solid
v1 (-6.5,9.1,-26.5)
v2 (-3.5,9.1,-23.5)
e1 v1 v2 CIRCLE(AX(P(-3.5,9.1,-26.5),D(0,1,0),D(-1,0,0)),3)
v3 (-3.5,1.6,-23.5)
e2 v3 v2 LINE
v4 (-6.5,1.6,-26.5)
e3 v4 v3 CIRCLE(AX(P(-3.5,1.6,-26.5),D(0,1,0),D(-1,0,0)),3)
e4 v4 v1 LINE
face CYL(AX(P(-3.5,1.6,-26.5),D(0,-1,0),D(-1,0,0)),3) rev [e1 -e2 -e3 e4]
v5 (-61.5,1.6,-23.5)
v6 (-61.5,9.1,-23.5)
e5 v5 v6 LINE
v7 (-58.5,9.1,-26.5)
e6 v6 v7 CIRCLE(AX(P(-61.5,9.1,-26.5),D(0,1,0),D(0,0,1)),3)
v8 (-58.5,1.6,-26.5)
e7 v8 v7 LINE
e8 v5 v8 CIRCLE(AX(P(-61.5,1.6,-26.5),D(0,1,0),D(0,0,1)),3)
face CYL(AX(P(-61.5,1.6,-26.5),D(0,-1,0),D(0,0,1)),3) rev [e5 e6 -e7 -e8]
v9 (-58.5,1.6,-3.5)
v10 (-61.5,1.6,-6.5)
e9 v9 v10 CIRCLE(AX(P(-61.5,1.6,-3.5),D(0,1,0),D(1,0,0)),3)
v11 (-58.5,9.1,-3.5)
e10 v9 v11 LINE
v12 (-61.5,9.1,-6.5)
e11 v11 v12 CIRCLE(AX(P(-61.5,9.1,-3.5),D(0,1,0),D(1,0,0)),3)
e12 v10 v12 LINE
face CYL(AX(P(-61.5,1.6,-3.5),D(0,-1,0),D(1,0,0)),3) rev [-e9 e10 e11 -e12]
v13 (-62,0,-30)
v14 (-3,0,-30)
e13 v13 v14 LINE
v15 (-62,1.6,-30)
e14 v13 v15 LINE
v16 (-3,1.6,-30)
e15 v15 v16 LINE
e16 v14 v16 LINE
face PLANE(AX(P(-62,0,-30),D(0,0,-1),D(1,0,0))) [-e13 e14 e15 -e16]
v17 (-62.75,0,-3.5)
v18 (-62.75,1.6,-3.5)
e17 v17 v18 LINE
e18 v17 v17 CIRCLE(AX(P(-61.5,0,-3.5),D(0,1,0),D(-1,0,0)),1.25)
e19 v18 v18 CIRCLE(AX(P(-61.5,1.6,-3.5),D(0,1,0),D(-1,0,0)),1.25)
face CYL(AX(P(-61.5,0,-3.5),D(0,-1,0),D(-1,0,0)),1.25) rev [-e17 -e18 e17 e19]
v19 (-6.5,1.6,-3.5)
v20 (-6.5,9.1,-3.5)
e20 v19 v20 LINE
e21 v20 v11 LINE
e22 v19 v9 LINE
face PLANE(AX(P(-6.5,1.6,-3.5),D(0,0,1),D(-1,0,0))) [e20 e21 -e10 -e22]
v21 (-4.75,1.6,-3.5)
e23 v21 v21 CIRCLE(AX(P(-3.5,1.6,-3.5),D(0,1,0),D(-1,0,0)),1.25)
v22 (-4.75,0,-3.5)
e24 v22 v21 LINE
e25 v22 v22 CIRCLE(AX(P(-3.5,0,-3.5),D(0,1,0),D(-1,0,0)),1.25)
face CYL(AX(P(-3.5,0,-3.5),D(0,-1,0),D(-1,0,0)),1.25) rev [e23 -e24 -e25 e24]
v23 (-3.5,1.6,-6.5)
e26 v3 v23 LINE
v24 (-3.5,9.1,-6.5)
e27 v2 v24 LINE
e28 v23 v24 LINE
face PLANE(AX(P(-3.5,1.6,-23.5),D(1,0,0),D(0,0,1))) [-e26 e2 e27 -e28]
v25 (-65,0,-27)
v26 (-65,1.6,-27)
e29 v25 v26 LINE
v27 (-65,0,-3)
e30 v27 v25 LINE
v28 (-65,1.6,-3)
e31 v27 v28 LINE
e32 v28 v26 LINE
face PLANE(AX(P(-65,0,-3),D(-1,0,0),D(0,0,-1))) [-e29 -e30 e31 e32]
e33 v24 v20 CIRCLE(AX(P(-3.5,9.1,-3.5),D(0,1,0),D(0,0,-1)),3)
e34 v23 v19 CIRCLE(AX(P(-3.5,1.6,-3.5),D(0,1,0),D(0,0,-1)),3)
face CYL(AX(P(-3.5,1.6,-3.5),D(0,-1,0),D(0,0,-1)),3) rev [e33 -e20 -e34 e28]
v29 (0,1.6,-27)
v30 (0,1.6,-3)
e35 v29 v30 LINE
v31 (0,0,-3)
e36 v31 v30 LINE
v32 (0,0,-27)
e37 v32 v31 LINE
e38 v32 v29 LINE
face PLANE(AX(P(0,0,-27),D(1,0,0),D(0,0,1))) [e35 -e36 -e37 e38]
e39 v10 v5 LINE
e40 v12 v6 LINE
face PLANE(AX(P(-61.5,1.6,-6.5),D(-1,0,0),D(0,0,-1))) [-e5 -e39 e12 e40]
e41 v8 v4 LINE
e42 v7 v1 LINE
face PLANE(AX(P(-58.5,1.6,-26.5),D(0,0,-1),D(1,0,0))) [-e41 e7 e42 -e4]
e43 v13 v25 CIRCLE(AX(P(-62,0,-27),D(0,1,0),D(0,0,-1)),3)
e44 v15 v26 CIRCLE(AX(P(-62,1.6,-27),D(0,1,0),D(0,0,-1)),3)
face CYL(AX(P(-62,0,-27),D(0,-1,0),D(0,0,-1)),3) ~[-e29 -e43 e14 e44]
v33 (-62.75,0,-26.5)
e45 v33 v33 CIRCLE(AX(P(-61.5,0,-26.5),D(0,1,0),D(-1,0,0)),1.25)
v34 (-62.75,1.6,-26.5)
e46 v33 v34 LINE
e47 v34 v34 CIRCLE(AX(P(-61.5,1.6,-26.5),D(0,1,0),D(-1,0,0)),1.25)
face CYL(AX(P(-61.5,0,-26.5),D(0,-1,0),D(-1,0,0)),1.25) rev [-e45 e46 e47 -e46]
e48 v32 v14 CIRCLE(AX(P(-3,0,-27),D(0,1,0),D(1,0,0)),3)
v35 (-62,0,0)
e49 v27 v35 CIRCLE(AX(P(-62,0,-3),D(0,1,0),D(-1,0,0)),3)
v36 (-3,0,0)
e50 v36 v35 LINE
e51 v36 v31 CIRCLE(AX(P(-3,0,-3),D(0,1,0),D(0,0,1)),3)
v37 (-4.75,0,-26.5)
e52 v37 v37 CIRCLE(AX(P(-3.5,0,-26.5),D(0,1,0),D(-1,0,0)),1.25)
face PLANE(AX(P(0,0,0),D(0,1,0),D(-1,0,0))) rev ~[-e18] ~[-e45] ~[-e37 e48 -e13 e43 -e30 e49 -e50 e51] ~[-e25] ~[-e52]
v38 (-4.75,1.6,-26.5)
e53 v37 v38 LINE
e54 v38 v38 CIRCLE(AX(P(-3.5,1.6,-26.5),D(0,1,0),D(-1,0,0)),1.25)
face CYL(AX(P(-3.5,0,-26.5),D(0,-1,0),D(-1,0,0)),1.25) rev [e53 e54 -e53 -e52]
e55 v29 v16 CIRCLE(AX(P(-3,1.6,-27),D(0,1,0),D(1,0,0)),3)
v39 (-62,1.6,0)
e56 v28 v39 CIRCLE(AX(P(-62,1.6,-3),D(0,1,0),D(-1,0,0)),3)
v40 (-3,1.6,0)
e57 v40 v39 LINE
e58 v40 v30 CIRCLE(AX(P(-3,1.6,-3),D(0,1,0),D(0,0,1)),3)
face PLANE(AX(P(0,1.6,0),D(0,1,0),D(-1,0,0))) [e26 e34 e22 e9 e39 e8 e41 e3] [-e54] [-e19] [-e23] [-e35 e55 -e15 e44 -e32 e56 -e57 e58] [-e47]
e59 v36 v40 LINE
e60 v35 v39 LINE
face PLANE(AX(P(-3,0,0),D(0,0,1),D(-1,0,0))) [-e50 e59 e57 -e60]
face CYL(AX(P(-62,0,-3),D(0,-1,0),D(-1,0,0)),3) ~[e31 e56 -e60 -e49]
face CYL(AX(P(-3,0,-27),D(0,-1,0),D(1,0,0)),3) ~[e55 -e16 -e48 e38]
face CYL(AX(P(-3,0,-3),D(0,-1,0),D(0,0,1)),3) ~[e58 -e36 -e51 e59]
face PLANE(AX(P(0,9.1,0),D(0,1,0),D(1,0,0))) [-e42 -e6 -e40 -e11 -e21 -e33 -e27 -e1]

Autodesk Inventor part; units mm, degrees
ref_plane "YZ Plane" through (0, 0, 0) normal (1, 0, 0) x (0, 1, 0)
ref_plane "XZ Plane" through (0, 0, 0) normal (0, 1, 0) x (-1, 0, 0)
ref_plane "XY Plane" through (0, 0, 0) normal (0, 0, 1) x (1, 0, 0)
sketch "Sketch1" plane through (0, 0, 0) normal (0, 1, 0) x (-1, 0, 0)
  line L0 (3, 0) -> (62, 0)
  line L1 (65, -3) -> (65, -27)
  line L2 (62, -30) -> (3, -30)
  line L3 (0, -27) -> (0, -3)
  arc A0 (65, -3) -> (62, 0) centre (62, -3) ccw
  arc A1 (62, -30) -> (65, -27) centre (62, -27) ccw
  arc A2 (0, -27) -> (3, -30) centre (3, -27) ccw
  arc A3 (3, 0) -> (0, -3) centre (3, -3) ccw
  circle A4 centre (61.5, -26.5) radius 1.25
  circle A5 centre (61.5, -3.5) radius 1.25
  circle A6 centre (3.5, -26.5) radius 1.25
  circle A7 centre (3.5, -3.5) radius 1.25
  point P0 (0, 0)
  point P1 (65, -30)
  point P2 (65, 0)
  point P3 (0, -30)
  dimension "d0" = 65
  dimension "d1" = 30
  dimension "d2" = 3
  dimension "d3" = 2.5
  dimension "d4" = 3.5
  dimension "d5" = 3.5
  dimension "d8" = 23
  dimension "d11" = 58
extrude "Extrusion1" add sketch "Sketch1" along normal blind 1.6
sketch "Sketch2" plane through (0, 1.6, 0) normal (0, 1, 0) x (1, 0, 0)
  circle A0 centre (-61.5, 26.5) radius 1.25 projected
  line L0 (-65, 27) -> (-65, 3) construction
  line L1 (-65, 3) -> (-65, 27) construction
  line L2 (-3, 30) -> (-62, 30) construction
  line L3 (-62, 30) -> (-3, 30) construction
  circle A1 centre (-61.5, 26.5) radius 3 construction
  circle A2 centre (-61.5, 3.5) radius 3 construction
  circle A3 centre (-3.5, 26.5) radius 3 construction
  circle A4 centre (-3.5, 3.5) radius 3 construction
  circle A5 centre (-61.5, 3.5) radius 1.25 construction
  line L4 (-3.5, 3.5) -> (-61.5, 3.5) construction
  line L5 (-61.5, 3.5) -> (-61.5, 26.5) construction
  circle A6 centre (-3.5, 26.5) radius 1.25 construction
  line L6 (-61.5, 26.5) -> (-60.25, 26.5) construction
  circle A7 centre (-3.5, 3.5) radius 1.25 construction
  line L7 (-3.5, 26.5) -> (-3.5, 3.5) construction
  line L8 (-61.5, 3.5) -> (-61.5, 26.5) construction
  line L9 (-3.5, 26.5) -> (-61.5, 26.5) construction
  line L10 (-62, 0) -> (-3, 0) construction
  line L11 (-60.25, 26.5) -> (-3.5, 26.5) construction
  line L12 (-61.5, 6.5) -> (-61.5, 23.5)
  line L13 (-58.5, 26.5) -> (-6.5, 26.5)
  line L14 (-3.5, 23.5) -> (-3.5, 6.5)
  line L15 (-6.5, 3.5) -> (-58.5, 3.5)
  arc A8 (-61.5, 23.5) -> (-58.5, 26.5) centre (-61.5, 26.5) ccw
  arc A9 (-6.5, 26.5) -> (-3.5, 23.5) centre (-3.5, 26.5) ccw
  arc A10 (-3.5, 6.5) -> (-6.5, 3.5) centre (-3.5, 3.5) ccw
  arc A11 (-58.5, 3.5) -> (-61.5, 6.5) centre (-61.5, 3.5) ccw
  line L16 (-61.5, 6.5) -> (-68.5, 6.5)
  line L17 (-68.5, 6.5) -> (-68.5, 23.5)
  line L18 (-68.5, 23.5) -> (-61.5, 23.5)
  line L19 (-3.5, 6.5) -> (3.5, 6.5)
  line L20 (3.5, 6.5) -> (3.5, 23.5)
  line L21 (3.5, 23.5) -> (-3.5, 23.5)
  point P0 (0, 0)
  dimension "d17" = 6
  dimension "d20" = 23
  dimension "d23" = 58
  dimension "d28" = 7
  dimension "d29" = 7
extrude "Extrusion3" add sketch "Sketch2" along normal blind 7.5 contours L12 A8 L13 A9 L14 A10 L15 A11
properties part number "RaspberryPi0W-BerryIMUV3-SafeSpecs" material "ABS Plastic"
